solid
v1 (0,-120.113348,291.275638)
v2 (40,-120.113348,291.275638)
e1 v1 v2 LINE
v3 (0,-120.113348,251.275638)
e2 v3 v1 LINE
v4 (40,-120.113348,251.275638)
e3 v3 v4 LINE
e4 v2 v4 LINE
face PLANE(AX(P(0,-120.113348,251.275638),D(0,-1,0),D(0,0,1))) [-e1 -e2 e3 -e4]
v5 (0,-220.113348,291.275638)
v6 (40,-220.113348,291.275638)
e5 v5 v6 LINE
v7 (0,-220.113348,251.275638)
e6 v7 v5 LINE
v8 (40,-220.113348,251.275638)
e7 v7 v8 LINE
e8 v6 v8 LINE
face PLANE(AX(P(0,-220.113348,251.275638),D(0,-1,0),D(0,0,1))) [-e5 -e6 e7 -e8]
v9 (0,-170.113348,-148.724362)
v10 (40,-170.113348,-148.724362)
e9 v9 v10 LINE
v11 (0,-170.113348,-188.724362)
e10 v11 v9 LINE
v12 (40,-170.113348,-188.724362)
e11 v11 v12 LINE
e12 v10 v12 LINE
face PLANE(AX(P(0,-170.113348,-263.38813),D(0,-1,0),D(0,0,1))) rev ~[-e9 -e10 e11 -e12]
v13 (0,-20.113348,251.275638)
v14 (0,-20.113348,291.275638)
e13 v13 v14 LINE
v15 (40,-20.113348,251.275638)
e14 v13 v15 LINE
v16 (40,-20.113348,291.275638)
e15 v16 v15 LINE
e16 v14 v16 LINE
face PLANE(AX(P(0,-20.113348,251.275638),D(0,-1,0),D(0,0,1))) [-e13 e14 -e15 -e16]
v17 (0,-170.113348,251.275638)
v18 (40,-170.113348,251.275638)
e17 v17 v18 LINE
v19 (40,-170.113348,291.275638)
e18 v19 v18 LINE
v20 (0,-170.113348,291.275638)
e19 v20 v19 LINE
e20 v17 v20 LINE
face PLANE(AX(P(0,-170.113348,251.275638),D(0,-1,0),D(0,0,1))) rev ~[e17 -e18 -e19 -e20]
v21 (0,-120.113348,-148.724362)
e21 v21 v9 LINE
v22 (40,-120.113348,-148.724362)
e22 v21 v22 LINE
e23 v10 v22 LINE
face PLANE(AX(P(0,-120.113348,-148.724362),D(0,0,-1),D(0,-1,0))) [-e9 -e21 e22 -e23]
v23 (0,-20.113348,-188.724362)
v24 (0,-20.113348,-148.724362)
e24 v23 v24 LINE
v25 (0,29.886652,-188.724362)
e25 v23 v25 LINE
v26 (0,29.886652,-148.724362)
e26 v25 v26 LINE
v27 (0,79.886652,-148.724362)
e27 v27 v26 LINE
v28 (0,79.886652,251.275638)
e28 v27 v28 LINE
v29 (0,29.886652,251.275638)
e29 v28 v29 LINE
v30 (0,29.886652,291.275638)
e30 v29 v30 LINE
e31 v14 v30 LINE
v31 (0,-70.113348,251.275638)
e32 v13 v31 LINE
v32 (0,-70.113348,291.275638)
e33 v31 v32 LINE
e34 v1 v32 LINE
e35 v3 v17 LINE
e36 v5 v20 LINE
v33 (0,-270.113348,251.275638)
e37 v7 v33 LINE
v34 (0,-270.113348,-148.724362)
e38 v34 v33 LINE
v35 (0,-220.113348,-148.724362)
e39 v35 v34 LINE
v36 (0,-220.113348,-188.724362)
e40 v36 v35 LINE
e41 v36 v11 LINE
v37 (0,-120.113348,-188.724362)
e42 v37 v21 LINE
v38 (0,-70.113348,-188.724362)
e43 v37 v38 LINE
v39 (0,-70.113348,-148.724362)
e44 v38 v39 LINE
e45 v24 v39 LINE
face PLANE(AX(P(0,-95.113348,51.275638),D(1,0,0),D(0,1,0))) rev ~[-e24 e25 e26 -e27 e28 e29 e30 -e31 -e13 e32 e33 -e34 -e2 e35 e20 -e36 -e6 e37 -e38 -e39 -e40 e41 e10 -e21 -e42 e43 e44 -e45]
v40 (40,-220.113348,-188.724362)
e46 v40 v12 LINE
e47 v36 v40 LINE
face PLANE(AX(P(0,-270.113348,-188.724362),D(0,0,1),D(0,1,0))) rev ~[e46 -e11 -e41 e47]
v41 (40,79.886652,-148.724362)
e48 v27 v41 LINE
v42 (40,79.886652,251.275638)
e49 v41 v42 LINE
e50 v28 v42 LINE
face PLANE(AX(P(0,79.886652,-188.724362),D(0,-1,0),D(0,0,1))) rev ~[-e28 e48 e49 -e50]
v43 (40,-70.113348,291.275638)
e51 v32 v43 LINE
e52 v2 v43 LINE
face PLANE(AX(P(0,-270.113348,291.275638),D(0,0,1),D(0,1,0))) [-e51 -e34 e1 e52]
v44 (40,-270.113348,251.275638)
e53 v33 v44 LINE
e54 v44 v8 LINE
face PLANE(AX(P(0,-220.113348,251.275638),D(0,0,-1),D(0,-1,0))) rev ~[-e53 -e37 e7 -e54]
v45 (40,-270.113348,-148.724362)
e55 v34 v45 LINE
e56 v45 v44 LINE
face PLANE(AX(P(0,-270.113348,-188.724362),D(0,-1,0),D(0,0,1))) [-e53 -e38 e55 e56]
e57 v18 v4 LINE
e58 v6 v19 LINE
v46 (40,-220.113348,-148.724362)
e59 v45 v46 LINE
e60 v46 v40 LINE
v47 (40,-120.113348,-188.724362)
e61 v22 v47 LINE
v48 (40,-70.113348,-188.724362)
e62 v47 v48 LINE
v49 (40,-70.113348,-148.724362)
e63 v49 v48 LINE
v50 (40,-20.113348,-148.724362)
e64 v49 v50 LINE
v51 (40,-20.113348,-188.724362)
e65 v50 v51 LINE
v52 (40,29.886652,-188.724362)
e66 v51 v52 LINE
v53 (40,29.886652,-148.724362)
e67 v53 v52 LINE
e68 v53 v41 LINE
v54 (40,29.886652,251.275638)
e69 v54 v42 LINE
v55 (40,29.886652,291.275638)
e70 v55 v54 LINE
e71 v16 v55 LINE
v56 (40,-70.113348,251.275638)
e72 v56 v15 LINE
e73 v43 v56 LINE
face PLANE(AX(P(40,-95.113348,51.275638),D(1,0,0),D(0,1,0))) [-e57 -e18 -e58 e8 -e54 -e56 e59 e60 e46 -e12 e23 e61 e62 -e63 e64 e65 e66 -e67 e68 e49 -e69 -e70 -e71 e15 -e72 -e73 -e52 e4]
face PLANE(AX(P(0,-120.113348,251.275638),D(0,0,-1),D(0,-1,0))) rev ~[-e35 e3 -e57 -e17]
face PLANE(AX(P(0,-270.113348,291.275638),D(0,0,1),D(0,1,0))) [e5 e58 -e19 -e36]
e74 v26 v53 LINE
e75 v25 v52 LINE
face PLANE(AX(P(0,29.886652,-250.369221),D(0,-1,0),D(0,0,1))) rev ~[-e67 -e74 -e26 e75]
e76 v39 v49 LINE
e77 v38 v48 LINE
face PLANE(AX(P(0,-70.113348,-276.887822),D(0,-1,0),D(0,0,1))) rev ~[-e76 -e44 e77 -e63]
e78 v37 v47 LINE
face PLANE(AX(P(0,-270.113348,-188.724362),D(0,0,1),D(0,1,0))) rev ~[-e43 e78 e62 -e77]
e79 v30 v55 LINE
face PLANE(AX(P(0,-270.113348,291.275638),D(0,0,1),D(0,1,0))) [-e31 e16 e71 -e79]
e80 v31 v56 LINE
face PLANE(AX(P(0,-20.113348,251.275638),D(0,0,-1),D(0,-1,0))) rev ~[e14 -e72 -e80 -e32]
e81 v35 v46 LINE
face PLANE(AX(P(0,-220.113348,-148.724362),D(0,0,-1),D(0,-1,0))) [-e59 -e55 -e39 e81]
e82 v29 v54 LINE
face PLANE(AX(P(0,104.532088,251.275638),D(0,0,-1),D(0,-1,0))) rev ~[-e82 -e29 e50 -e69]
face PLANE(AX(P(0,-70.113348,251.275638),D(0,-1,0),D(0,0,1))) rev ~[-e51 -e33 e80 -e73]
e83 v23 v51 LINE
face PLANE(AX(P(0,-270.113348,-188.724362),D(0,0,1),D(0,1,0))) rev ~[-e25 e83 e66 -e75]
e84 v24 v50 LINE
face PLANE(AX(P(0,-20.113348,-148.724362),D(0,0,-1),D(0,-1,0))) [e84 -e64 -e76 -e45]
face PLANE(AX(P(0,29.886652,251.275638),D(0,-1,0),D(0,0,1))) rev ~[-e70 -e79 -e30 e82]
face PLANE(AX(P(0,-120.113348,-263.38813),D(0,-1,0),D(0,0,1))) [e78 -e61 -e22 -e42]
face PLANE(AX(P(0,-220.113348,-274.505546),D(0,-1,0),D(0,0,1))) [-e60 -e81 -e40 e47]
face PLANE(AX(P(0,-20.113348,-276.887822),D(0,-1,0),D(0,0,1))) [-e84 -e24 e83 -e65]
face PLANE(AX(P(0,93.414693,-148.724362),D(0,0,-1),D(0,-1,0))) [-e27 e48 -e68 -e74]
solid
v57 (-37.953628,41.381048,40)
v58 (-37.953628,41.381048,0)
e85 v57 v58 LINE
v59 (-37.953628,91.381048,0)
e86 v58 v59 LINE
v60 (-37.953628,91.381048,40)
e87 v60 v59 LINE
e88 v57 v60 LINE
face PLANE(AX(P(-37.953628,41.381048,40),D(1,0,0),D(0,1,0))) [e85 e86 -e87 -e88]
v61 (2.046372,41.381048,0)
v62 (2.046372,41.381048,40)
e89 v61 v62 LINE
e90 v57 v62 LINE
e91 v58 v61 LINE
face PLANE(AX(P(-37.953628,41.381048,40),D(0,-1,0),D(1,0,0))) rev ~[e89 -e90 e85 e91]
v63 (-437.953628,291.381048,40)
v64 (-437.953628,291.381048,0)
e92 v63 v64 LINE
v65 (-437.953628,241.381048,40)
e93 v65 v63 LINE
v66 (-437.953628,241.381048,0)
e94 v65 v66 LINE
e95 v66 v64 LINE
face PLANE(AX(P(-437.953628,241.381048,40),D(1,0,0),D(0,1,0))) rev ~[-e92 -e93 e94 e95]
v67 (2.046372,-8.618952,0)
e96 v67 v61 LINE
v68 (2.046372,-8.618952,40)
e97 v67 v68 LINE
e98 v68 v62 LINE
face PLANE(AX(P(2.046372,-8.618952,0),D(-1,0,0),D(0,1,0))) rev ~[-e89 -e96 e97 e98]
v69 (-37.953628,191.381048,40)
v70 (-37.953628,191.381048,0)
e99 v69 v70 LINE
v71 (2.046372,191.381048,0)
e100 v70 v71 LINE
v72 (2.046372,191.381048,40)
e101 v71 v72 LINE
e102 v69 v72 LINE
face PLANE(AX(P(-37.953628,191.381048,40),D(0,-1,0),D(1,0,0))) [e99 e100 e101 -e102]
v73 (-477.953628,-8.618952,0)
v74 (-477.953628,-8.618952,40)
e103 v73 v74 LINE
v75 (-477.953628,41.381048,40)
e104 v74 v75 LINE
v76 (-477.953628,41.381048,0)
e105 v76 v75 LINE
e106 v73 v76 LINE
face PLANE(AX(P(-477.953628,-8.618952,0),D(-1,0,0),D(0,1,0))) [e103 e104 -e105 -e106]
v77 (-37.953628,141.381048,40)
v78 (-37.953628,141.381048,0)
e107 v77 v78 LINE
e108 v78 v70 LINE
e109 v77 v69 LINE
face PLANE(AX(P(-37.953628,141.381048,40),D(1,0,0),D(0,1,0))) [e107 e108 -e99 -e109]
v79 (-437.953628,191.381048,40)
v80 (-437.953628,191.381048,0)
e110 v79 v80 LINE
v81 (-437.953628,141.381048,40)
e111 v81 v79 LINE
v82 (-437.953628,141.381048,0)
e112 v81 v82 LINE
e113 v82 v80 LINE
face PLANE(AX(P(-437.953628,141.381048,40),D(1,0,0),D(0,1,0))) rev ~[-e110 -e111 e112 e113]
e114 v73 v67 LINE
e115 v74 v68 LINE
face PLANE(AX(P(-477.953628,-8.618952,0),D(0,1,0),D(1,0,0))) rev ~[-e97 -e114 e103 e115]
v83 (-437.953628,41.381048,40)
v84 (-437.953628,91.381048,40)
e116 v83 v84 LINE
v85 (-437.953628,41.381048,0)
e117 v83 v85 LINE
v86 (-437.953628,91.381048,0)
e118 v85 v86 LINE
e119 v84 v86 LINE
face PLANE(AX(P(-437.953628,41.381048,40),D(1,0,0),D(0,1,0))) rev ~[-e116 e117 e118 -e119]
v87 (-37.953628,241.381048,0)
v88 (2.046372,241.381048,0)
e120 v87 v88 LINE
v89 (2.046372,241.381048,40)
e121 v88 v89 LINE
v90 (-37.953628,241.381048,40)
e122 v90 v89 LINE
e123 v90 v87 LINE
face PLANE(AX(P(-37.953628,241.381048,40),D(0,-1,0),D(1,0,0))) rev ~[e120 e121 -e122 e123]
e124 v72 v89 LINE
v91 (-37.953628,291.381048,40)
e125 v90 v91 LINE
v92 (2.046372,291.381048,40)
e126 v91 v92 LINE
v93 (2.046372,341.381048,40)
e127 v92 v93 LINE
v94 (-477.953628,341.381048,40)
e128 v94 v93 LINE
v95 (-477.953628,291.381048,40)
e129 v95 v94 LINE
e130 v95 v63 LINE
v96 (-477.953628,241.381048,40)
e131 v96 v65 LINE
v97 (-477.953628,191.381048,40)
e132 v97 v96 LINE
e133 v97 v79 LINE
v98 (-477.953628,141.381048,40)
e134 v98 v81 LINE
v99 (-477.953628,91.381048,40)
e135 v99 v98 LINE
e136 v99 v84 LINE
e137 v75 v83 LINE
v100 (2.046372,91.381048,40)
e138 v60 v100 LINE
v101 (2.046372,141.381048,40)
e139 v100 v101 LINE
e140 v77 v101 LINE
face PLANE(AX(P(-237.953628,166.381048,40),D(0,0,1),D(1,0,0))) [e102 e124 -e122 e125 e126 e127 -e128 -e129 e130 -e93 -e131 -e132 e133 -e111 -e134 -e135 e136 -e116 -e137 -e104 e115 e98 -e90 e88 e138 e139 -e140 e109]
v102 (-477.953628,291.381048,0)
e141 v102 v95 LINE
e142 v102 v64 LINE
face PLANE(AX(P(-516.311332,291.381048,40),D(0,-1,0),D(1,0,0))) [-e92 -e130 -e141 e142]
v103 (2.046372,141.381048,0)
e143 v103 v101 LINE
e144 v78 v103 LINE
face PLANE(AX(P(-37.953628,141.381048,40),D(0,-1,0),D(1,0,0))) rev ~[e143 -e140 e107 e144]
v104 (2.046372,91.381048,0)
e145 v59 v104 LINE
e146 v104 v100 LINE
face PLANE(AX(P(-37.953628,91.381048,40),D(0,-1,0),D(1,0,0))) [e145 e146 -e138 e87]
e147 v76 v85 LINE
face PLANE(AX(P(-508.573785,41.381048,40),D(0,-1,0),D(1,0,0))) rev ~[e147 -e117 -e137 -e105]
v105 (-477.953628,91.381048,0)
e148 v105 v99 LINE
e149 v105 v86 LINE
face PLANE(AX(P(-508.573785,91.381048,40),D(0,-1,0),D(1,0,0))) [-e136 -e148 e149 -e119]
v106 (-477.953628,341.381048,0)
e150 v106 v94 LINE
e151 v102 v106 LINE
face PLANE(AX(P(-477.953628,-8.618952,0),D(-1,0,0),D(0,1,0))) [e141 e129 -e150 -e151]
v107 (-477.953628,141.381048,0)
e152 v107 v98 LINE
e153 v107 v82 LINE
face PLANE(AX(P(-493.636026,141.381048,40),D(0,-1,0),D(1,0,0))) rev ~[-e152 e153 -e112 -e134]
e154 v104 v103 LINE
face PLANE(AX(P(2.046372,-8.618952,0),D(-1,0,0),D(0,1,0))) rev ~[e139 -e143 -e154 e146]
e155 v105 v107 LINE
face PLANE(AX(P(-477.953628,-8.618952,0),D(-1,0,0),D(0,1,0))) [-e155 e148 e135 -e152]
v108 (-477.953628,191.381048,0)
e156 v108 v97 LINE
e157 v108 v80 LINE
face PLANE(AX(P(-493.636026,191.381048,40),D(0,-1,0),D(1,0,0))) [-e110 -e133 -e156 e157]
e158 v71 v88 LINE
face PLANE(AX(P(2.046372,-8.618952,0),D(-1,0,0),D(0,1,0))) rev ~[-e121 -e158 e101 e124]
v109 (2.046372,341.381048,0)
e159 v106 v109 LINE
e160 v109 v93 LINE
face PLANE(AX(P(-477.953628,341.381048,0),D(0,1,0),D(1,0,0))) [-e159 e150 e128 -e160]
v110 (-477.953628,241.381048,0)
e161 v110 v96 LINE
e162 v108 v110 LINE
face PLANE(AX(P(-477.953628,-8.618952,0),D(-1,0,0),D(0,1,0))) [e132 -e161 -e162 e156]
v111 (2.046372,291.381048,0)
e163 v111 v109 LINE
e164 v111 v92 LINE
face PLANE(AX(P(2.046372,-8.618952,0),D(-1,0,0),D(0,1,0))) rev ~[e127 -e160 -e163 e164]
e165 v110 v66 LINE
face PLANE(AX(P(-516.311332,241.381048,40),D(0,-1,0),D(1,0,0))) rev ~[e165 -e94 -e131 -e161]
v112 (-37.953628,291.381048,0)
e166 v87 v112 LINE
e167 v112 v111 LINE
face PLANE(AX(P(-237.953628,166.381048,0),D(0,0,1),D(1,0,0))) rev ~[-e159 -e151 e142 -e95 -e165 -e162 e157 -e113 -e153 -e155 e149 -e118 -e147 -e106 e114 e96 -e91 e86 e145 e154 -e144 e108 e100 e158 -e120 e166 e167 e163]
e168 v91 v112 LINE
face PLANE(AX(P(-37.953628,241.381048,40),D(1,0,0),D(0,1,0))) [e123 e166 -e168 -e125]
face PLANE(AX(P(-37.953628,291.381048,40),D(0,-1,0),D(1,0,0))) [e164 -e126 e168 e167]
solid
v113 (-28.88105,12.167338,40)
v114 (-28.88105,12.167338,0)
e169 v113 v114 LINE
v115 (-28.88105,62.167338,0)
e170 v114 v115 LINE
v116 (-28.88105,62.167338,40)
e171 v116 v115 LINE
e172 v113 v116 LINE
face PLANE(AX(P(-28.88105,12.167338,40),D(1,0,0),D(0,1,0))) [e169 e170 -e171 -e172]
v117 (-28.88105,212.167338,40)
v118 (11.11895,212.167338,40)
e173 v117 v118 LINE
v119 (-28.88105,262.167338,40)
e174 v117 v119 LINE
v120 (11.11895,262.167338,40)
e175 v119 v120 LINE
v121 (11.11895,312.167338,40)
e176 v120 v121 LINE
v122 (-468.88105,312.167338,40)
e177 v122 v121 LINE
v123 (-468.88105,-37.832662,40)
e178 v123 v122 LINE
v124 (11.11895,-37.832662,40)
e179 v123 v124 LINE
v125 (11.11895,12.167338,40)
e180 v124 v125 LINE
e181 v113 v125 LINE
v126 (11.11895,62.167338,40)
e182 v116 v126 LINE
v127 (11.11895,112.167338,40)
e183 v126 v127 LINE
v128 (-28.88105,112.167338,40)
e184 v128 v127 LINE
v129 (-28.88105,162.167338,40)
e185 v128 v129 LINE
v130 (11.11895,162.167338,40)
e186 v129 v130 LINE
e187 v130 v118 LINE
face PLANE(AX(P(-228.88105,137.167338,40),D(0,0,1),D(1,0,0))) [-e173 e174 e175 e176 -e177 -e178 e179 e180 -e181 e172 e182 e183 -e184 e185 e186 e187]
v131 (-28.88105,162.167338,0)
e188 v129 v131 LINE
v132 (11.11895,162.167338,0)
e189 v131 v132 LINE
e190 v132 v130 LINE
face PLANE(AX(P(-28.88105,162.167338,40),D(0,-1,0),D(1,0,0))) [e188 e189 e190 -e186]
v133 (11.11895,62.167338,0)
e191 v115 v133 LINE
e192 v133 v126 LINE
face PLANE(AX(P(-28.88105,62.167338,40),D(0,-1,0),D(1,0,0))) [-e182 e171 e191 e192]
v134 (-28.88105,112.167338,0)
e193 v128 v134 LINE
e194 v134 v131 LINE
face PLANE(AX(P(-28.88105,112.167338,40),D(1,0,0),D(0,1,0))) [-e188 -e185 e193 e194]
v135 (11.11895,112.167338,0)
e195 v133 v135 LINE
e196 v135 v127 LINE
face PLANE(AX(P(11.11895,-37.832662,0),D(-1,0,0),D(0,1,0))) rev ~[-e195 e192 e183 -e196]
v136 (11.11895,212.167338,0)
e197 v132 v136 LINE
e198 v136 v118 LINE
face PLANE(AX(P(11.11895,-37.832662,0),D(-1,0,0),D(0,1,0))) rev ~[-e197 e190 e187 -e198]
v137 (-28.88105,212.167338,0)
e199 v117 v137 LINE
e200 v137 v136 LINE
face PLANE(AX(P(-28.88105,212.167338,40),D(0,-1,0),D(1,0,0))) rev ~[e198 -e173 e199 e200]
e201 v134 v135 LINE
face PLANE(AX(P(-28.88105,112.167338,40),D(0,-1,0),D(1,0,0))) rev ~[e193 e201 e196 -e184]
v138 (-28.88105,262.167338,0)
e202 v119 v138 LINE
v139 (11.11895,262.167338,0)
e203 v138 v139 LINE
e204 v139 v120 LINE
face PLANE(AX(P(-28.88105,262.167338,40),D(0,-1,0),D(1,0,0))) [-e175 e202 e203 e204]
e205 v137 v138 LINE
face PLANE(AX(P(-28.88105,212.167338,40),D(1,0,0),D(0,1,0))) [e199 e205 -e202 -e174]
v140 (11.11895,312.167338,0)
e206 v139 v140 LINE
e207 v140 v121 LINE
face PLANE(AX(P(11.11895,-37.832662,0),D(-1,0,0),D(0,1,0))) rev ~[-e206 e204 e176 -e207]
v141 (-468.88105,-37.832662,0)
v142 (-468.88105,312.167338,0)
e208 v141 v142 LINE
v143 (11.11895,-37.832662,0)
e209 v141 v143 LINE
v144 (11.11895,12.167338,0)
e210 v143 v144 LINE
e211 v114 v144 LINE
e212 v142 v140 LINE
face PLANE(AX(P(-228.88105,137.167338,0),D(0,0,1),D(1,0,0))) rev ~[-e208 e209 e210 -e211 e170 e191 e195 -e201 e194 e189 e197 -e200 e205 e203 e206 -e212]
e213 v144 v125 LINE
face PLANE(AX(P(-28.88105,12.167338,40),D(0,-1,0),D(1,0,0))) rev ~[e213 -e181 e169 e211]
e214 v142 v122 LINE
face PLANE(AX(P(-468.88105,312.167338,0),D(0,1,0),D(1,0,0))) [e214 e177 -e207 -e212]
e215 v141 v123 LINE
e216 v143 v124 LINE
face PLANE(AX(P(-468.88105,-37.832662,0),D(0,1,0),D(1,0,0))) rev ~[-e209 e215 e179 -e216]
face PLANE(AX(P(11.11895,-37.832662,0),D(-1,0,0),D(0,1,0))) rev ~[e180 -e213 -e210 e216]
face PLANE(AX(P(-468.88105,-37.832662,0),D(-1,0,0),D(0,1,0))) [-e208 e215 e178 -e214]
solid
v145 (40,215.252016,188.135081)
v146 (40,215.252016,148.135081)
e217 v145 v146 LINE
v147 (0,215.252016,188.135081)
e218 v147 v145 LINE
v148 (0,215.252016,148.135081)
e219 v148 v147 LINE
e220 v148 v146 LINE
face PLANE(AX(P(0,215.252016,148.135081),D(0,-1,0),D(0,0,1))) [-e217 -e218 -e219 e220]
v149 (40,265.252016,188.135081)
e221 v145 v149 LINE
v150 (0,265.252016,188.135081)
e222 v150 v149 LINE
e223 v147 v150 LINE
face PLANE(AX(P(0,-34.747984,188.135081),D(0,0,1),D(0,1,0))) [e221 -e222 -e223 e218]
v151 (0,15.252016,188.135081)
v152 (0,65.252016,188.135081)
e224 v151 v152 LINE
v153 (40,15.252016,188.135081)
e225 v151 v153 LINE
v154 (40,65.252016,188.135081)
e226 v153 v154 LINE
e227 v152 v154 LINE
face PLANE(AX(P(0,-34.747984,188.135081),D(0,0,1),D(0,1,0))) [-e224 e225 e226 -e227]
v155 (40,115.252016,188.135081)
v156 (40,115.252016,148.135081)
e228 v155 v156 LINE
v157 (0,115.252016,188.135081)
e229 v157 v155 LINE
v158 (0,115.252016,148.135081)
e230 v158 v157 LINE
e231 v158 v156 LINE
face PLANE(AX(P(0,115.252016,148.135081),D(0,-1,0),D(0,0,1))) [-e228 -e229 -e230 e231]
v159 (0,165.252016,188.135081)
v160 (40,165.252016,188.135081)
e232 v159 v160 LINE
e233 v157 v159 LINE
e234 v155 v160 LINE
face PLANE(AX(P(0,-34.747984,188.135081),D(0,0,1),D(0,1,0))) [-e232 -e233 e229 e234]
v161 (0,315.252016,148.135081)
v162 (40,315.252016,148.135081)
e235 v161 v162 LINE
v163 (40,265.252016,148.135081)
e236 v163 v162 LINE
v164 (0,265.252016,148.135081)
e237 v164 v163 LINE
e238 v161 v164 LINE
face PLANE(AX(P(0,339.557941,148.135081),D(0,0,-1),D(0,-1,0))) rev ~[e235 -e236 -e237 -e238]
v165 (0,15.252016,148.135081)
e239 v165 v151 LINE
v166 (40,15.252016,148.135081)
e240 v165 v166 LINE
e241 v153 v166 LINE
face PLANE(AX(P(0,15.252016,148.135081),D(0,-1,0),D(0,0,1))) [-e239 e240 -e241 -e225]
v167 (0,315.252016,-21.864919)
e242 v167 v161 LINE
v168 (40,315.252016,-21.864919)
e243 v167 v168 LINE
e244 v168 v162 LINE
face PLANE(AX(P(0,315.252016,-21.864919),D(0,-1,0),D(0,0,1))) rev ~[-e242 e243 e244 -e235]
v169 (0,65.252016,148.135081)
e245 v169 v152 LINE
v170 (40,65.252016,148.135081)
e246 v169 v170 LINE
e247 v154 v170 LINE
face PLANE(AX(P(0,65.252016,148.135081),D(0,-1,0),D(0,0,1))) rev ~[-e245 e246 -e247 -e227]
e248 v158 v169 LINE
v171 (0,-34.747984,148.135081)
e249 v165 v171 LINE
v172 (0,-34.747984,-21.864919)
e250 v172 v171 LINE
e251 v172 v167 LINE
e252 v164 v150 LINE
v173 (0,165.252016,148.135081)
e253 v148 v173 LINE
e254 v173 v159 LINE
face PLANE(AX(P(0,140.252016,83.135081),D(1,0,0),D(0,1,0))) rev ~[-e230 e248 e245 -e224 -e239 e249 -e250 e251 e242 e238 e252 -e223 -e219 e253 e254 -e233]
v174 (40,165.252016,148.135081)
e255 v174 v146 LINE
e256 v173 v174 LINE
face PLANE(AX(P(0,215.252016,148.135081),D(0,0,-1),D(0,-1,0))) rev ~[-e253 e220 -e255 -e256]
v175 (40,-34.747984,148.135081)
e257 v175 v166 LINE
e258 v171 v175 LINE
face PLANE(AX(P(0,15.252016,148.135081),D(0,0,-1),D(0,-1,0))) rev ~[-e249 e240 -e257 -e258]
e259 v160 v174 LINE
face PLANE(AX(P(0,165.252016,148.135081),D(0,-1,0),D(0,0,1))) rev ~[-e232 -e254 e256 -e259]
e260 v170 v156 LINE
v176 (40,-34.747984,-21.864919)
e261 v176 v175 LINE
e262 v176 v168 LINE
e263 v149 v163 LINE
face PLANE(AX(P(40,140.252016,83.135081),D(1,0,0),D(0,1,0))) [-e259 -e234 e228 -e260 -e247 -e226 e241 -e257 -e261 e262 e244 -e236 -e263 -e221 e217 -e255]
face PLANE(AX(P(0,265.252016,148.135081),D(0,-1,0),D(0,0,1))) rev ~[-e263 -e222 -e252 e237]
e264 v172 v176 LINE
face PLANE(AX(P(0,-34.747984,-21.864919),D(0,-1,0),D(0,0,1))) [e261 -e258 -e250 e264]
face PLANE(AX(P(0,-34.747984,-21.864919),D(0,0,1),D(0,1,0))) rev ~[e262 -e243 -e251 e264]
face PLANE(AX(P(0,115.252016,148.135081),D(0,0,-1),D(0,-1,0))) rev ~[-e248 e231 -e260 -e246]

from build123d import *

# Parameters (mm, degrees)
F0_W      = 480
F0_H      = 350
F1_DEPTH  = 40
F2_W      = 350
F2_H      = 480
F3_DEPTH  = 40
F4_W      = 480
F4_H      = 350
F5_DEPTH  = 40
F6_W      = 350
F6_H      = 210
F7_DEPTH  = 40
F8_W      = 85.0309615808
F8_H      = 50
F8_W_2    = 86.1803859224
F8_W_3    = 116.6401538305
F9_DEPTH  = 50
F10_W     = 74.6454365466
F10_H     = 97.6743716581
F10_W_2   = 50
F10_H_2   = 110.9500733709
F10_W_3   = 67.4985460367
F10_H_3   = 80
F10_W_4   = 63.5280413126
F10_H_4   = 101.6448592455
F10_H_5   = 128.1634595595
F10_H_6   = 114.6637674888
F10_W_5   = 84.9687599682
F10_H_7   = 125.7811841437
F11_DEPTH = 100
F12_W     = 78.3577047333
F12_H     = 50
F12_W_2   = 55.6823987415
F12_W_3   = 70.6201573807
F12_W_4   = 80.1742867282
F12_W_5   = 71.0833863297
F12_W_6   = 78.6591355512
F13_DEPTH = 50
F14_W     = 74.3059250168
F14_H     = 90.372060785
F14_W_2   = 50
F14_H_2   = 64.995960281
F14_H_3   = 67.6736311095
F14_W_3   = 72.9670965273
F14_H_4   = 79.0538373879
F15_DEPTH = 50


with BuildPart() as f1:
    # F0 (on Top) → F1 (new body)
    with BuildSketch(Plane.XY):
        with Locations((-228.8810501248, 137.1673375368)):
            Rectangle(F0_W, F0_H)
    extrude(amount=F1_DEPTH)

    # F8 (on face) → F9 (cut)
    with BuildSketch(Plane.XY.offset(40)):
        with Locations((13.6344306656, 37.1673375368)):
            Rectangle(F8_W, F8_H)
        with Locations((14.2091428364, 137.1673375368)):
            Rectangle(F8_W_2, F8_H)
        with Locations((29.4390267905, 237.1673375368)):
            Rectangle(F8_W_3, F8_H)
    extrude(amount=-F9_DEPTH, mode=Mode.SUBTRACT)


with BuildPart() as f3:
    # F2 (on Right) → F3 (new body)
    with BuildSketch(Plane.YZ):
        with Locations((-95.1133482158, 51.2756378061)):
            Rectangle(F2_W, F2_H)
    extrude(amount=F3_DEPTH)

    # F10 (on face) → F11 (cut)
    with BuildSketch(Plane(origin=(0, 0, 0), x_dir=(0, -1, 0), z_dir=(-1, 0, 0))):
        with Locations((-67.2093700575, 300.1128236351)):
            Rectangle(F10_W, F10_H)
        with Locations((45.1133482158, 306.7506744915)):
            Rectangle(F10_W_2, F10_H_2)
        with Locations((145.1133482158, 306.7506744915)):
            Rectangle(F10_W_2, F10_H_2)
        with Locations((253.8626212342, 291.2756378061)):
            Rectangle(F10_W_3, F10_H_3)
        with Locations((-61.6506724405, -199.5467918167)):
            Rectangle(F10_W_4, F10_H_4)
        with Locations((45.1133482158, -212.8060919737)):
            Rectangle(F10_W_2, F10_H_5)
        with Locations((145.1133482158, -206.0562459384)):
            Rectangle(F10_W_2, F10_H_6)
        with Locations((262.5977281999, -211.6149542658)):
            Rectangle(F10_W_5, F10_H_7)
    extrude(amount=-F11_DEPTH, mode=Mode.SUBTRACT)


with BuildPart() as f5:
    # F4 (on Top) → F5 (new body)
    with BuildSketch(Plane.XY):
        with Locations((-237.9536277056, 166.3810482249)):
            Rectangle(F4_W, F4_H)
    extrude(amount=F5_DEPTH)

    # F12 (on face) → F13 (cut)
    with BuildSketch(Plane.XY.offset(40)):
        with Locations((-477.1324800722, 266.3810482249)):
            Rectangle(F12_W, F12_H)
        with Locations((-465.7948270763, 166.3810482249)):
            Rectangle(F12_W_2, F12_H)
        with Locations((-473.2637063959, 66.3810482249)):
            Rectangle(F12_W_3, F12_H)
        with Locations((2.1335156585, 266.3810482249)):
            Rectangle(F12_W_4, F12_H)
        with Locations((-2.4119345407, 166.3810482249)):
            Rectangle(F12_W_5, F12_H)
        with Locations((1.37594007, 66.3810482249)):
            Rectangle(F12_W_6, F12_H)
    extrude(amount=-F13_DEPTH, mode=Mode.SUBTRACT)


with BuildPart() as f7:
    # F6 (on Right) → F7 (new body)
    with BuildSketch(Plane.YZ):
        with Locations((140.2520157397, 83.1350810081)):
            Rectangle(F6_W, F6_H)
    extrude(amount=F7_DEPTH)

    # F14 (on face) → F15 (cut)
    with BuildSketch(Plane(origin=(0, 0, 0), x_dir=(0, -1, 0), z_dir=(-1, 0, 0))):
        with Locations((-302.4049782481, 193.3211114006)):
            Rectangle(F14_W, F14_H)
        with Locations((-190.2520157397, 180.6330611486)):
            Rectangle(F14_W_2, F14_H_2)
        with Locations((-90.2520157397, 181.9718965628)):
            Rectangle(F14_W_2, F14_H_3)
        with Locations((21.231532524, 187.661999702)):
            Rectangle(F14_W_3, F14_H_4)
    extrude(amount=-F15_DEPTH, mode=Mode.SUBTRACT)


solid = Compound([f1.part, f3.part, f5.part, f7.part])
